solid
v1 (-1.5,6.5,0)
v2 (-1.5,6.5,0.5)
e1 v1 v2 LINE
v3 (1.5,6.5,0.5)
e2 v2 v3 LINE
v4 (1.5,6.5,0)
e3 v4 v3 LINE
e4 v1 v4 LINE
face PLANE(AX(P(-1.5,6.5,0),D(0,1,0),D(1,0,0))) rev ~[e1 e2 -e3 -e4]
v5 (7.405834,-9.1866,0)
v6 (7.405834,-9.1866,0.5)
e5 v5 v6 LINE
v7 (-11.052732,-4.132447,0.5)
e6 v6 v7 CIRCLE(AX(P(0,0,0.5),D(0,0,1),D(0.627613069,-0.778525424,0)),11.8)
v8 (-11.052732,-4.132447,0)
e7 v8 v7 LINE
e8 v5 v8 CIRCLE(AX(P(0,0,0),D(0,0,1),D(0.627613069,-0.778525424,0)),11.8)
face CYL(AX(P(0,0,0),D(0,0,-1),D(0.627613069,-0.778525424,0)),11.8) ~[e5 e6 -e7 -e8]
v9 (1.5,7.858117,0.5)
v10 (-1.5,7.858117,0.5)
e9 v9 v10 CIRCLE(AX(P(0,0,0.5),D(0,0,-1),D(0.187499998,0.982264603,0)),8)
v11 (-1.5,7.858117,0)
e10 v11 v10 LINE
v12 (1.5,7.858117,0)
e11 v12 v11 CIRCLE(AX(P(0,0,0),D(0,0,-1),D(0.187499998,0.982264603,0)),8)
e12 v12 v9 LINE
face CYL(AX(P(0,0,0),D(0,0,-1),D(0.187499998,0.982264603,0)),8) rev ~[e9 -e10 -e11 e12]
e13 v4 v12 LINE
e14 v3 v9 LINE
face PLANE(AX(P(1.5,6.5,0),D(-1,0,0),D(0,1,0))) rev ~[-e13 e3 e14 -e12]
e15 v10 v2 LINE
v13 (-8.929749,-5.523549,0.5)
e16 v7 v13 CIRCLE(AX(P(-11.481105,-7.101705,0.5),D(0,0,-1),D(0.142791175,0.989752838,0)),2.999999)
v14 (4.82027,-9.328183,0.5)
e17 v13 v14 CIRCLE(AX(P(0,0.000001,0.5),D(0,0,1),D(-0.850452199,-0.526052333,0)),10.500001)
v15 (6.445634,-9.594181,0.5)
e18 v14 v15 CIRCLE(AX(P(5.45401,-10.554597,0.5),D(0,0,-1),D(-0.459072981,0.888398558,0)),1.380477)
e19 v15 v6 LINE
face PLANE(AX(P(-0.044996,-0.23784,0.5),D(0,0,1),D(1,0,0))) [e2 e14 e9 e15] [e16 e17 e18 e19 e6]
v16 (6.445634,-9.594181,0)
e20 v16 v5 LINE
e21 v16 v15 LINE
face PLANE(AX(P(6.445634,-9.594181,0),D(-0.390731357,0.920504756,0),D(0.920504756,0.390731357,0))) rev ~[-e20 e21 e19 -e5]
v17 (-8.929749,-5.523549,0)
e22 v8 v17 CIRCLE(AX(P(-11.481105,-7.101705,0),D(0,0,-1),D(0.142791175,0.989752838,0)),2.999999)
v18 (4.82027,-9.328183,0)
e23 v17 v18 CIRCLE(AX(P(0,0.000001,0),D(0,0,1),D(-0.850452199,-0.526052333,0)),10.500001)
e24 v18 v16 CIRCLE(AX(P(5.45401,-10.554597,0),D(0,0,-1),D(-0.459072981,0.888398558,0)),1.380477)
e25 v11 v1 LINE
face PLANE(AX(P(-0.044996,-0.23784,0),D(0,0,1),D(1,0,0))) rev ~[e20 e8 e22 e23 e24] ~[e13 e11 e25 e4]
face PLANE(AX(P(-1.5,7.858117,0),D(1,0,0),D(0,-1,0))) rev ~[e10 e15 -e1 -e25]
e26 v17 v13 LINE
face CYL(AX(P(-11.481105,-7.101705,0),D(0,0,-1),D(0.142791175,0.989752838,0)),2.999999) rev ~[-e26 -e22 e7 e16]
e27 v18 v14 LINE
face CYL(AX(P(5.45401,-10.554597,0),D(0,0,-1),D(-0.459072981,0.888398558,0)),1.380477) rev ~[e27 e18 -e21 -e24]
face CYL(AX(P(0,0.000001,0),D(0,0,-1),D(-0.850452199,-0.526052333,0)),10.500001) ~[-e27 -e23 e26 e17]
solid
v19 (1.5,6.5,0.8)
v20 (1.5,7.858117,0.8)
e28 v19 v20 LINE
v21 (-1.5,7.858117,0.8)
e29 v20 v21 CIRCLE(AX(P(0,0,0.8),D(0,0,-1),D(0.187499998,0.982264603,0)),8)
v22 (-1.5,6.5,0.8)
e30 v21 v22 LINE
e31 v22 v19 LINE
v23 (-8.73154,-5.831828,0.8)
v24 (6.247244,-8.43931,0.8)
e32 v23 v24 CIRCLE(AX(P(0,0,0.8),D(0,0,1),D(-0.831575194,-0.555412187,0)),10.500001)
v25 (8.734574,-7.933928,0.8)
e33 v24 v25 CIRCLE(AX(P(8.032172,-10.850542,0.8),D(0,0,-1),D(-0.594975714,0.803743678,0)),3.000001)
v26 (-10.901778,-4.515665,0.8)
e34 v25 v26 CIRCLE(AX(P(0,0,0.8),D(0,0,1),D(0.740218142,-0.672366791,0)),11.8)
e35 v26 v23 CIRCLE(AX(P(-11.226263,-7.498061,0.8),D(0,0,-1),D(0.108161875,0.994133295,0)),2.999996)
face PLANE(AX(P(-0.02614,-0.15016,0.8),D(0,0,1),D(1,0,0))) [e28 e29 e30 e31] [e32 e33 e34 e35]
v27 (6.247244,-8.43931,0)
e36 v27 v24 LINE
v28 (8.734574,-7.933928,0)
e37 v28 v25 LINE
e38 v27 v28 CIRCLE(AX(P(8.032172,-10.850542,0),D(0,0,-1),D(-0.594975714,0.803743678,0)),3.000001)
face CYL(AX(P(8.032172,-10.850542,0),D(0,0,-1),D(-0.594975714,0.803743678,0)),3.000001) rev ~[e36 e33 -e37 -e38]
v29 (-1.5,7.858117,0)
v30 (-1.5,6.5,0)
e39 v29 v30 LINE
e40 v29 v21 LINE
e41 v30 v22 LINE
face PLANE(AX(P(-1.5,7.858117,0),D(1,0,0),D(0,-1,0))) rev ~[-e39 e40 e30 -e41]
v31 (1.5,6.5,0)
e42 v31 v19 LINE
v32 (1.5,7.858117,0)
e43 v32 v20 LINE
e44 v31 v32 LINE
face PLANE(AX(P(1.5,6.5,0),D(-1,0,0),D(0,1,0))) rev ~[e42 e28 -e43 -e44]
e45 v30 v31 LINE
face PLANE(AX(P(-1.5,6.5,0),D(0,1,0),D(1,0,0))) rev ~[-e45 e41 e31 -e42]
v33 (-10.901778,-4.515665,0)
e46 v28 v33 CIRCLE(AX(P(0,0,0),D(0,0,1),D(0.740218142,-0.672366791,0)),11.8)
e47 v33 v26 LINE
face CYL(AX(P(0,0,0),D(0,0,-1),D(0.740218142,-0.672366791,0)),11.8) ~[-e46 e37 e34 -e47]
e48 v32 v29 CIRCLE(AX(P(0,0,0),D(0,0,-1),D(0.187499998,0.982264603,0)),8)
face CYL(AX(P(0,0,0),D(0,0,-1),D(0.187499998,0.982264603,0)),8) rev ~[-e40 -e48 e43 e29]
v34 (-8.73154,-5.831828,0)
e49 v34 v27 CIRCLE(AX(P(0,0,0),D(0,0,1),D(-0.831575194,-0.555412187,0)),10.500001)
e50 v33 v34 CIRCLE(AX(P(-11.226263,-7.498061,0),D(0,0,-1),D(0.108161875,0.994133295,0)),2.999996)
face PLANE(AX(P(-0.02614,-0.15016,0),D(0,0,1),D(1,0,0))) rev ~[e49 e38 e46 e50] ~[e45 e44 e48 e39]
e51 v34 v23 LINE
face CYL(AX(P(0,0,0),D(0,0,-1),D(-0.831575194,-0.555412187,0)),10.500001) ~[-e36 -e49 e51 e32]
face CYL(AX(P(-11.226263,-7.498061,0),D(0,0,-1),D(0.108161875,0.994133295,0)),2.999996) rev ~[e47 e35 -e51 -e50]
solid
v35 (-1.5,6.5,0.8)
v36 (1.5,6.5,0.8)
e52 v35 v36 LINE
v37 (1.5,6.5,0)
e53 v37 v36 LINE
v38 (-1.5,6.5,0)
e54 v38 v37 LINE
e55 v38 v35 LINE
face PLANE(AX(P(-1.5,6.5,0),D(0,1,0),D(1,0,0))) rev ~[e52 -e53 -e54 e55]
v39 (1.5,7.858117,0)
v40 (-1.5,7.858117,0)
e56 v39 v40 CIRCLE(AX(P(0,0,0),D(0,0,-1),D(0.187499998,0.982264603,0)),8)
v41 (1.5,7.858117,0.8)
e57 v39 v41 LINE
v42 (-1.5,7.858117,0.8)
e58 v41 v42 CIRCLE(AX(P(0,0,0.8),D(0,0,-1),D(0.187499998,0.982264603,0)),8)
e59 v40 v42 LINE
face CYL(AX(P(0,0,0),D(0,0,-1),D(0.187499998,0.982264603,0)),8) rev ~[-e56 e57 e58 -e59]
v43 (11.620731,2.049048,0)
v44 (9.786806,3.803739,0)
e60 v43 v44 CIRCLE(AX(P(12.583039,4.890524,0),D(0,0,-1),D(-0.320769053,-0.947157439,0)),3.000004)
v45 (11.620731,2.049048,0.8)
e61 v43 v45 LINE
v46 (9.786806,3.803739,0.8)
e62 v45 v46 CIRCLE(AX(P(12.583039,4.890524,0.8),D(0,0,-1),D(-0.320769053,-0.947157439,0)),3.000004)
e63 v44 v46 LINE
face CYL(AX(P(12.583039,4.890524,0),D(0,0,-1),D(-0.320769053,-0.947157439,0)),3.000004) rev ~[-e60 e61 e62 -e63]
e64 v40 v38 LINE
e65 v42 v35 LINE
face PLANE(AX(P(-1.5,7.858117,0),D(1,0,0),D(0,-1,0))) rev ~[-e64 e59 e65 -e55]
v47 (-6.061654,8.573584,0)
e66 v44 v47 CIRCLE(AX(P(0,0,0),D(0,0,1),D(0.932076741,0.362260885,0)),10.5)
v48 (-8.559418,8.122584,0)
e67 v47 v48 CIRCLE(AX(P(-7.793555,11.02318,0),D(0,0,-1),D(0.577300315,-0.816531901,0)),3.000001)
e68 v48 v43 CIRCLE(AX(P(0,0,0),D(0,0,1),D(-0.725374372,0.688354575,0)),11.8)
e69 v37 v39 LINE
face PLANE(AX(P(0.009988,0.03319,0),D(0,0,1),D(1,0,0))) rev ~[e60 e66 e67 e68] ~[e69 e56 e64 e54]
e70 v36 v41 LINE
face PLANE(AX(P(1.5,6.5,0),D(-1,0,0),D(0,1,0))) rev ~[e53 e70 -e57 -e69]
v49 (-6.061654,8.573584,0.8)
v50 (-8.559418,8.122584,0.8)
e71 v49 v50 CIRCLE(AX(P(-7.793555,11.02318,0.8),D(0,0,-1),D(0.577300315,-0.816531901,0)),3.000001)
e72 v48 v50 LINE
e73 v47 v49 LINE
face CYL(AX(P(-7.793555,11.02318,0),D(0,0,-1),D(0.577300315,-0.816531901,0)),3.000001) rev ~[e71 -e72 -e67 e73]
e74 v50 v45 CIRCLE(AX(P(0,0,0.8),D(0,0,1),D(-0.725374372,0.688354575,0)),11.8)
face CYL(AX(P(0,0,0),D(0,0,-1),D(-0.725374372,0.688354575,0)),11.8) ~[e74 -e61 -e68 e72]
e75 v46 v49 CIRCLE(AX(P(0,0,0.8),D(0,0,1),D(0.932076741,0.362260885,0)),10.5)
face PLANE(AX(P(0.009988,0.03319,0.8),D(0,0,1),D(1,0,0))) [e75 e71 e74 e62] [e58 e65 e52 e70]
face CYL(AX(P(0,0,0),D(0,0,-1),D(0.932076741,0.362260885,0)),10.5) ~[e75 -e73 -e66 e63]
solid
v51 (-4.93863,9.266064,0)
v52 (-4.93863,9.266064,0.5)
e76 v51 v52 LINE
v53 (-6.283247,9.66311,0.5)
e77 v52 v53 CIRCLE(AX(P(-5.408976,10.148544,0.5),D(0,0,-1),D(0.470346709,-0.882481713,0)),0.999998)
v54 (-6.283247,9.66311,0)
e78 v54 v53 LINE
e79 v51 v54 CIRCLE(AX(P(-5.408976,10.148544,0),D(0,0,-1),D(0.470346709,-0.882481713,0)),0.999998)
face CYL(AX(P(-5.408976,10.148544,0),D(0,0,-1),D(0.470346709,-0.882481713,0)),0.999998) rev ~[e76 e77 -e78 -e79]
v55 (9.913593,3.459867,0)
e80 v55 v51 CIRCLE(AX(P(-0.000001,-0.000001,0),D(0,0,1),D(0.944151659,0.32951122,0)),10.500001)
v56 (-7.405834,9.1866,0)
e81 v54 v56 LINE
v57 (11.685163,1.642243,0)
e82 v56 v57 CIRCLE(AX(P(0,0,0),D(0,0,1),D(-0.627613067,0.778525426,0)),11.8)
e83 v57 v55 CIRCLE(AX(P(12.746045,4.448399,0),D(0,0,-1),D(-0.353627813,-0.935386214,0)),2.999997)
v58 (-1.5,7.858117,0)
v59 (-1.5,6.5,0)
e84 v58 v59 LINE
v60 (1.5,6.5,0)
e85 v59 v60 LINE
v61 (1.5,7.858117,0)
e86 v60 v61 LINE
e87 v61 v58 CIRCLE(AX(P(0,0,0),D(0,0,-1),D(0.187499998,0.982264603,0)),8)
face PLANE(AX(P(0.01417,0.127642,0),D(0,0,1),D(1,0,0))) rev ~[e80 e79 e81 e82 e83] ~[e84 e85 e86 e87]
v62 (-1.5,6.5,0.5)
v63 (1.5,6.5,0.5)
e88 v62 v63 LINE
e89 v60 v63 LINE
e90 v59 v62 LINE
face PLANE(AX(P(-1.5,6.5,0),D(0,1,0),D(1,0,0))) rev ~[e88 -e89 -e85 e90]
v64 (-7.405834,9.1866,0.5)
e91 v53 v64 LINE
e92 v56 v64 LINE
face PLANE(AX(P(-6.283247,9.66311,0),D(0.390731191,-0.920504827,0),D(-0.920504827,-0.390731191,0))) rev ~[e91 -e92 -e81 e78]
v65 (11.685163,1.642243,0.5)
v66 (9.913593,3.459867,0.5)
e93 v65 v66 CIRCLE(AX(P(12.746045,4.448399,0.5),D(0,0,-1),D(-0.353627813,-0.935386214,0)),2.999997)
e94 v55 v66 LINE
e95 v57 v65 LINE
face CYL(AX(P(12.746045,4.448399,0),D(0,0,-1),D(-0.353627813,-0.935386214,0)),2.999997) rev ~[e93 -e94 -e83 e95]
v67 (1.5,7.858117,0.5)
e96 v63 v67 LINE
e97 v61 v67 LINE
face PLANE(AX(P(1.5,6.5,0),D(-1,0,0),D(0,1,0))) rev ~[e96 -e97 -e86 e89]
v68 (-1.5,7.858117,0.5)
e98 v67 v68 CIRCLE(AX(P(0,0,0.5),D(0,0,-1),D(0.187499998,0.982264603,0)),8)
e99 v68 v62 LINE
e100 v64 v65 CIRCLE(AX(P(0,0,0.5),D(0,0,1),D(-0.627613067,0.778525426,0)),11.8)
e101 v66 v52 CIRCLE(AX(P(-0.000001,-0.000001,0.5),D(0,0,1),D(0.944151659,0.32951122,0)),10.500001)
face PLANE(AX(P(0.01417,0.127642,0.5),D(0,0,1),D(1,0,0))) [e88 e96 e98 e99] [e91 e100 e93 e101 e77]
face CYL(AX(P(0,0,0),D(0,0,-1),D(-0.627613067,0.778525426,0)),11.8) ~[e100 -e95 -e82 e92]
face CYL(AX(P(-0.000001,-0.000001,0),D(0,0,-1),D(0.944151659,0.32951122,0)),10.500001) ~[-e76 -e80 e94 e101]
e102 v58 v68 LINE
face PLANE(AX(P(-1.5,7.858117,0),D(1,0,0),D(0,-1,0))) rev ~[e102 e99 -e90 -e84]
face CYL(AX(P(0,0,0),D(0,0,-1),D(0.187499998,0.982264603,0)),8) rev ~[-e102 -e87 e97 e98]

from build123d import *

# Parameters (mm, degrees)
F1_DEPTH = 0.5
F3_DEPTH = 0.8
F5_DEPTH = 0.5
F7_DEPTH = 0.8


with BuildPart() as f1:
    # F0 (on Top) → F1 (new body)
    with BuildSketch(Plane.XY):
        with BuildLine():
            Line((6.445634, -9.594181), (7.405834, -9.1866))
            ThreePointArc((7.405834, -9.1866), (3.116261, 11.381077), (-11.052732, -4.132447))
            ThreePointArc((-11.052732, -4.132447), (-9.836876, -4.592421), (-8.929749, -5.523549))
            ThreePointArc((-8.929749, -5.523549), (-2.800136, -10.119745), (4.82027, -9.328183))
            ThreePointArc((4.82027, -9.328183), (5.676965, -9.192243), (6.445634, -9.594181))
        make_face()
        with BuildLine():
            ThreePointArc((1.5, 7.858117), (0, -8), (-1.5, 7.858117))
            Line((-1.5, 7.858117), (-1.5, 6.5))
            Line((-1.5, 6.5), (1.5, 6.5))
            Line((1.5, 6.5), (1.5, 7.858117))
        make_face(mode=Mode.SUBTRACT)
    extrude(amount=F1_DEPTH)


with BuildPart() as f3:
    # F2 (on Top) → F3 (new body)
    with BuildSketch(Plane.XY):
        with BuildLine():
            ThreePointArc((6.247244, -8.43931), (7.434829, -7.910612), (8.734574, -7.933928))
            ThreePointArc((8.734574, -7.933928), (2.023691, 11.625174), (-10.901778, -4.515665))
            ThreePointArc((-10.901778, -4.515665), (-9.670611, -4.932925), (-8.73154, -5.831828))
            ThreePointArc((-8.73154, -5.831828), (-1.800742, -10.344435), (6.247244, -8.43931))
        make_face()
        with BuildLine():
            ThreePointArc((1.5, 7.858117), (0, -8), (-1.5, 7.858117))
            Line((-1.5, 7.858117), (-1.5, 6.5))
            Line((-1.5, 6.5), (1.5, 6.5))
            Line((1.5, 6.5), (1.5, 7.858117))
        make_face(mode=Mode.SUBTRACT)
    extrude(amount=F3_DEPTH)


with BuildPart() as f5:
    # F4 (on Top) → F5 (new body)
    with BuildSketch(Plane.XY):
        with BuildLine():
            Line((-6.283247, 9.66311), (-7.405834, 9.1866))
            ThreePointArc((-7.405834, 9.1866), (-4.336761, -10.974174), (11.685163, 1.642243))
            ThreePointArc((11.685163, 1.642243), (10.597685, 2.354472), (9.913593, 3.459867))
            ThreePointArc((9.913593, 3.459867), (3.823028, 9.779287), (-4.93863, 9.266064))
            ThreePointArc((-4.93863, 9.266064), (-5.692172, 9.189484), (-6.283247, 9.66311))
        make_face()
        with BuildLine():
            ThreePointArc((1.5, 7.858117), (0, -8), (-1.5, 7.858117))
            Line((-1.5, 7.858117), (-1.5, 6.5))
            Line((-1.5, 6.5), (1.5, 6.5))
            Line((1.5, 6.5), (1.5, 7.858117))
        make_face(mode=Mode.SUBTRACT)
    extrude(amount=F5_DEPTH)


with BuildPart() as f7:
    # F6 (on Top) → F7 (new body)
    with BuildSketch(Plane.XY):
        with BuildLine():
            ThreePointArc((-6.061654, 8.573584), (-7.260491, 8.070919), (-8.559418, 8.122584))
            ThreePointArc((-8.559418, 8.122584), (-3.400716, -11.299342), (11.620731, 2.049048))
            ThreePointArc((11.620731, 2.049048), (10.509059, 2.722892), (9.786806, 3.803739))
            ThreePointArc((9.786806, 3.803739), (3.026061, 10.054499), (-6.061654, 8.573584))
        make_face()
        with BuildLine():
            ThreePointArc((1.5, 7.858117), (0, -8), (-1.5, 7.858117))
            Line((-1.5, 7.858117), (-1.5, 6.5))
            Line((-1.5, 6.5), (1.5, 6.5))
            Line((1.5, 6.5), (1.5, 7.858117))
        make_face(mode=Mode.SUBTRACT)
    extrude(amount=F7_DEPTH)


solid = Compound([f1.part, f3.part, f5.part, f7.part])
